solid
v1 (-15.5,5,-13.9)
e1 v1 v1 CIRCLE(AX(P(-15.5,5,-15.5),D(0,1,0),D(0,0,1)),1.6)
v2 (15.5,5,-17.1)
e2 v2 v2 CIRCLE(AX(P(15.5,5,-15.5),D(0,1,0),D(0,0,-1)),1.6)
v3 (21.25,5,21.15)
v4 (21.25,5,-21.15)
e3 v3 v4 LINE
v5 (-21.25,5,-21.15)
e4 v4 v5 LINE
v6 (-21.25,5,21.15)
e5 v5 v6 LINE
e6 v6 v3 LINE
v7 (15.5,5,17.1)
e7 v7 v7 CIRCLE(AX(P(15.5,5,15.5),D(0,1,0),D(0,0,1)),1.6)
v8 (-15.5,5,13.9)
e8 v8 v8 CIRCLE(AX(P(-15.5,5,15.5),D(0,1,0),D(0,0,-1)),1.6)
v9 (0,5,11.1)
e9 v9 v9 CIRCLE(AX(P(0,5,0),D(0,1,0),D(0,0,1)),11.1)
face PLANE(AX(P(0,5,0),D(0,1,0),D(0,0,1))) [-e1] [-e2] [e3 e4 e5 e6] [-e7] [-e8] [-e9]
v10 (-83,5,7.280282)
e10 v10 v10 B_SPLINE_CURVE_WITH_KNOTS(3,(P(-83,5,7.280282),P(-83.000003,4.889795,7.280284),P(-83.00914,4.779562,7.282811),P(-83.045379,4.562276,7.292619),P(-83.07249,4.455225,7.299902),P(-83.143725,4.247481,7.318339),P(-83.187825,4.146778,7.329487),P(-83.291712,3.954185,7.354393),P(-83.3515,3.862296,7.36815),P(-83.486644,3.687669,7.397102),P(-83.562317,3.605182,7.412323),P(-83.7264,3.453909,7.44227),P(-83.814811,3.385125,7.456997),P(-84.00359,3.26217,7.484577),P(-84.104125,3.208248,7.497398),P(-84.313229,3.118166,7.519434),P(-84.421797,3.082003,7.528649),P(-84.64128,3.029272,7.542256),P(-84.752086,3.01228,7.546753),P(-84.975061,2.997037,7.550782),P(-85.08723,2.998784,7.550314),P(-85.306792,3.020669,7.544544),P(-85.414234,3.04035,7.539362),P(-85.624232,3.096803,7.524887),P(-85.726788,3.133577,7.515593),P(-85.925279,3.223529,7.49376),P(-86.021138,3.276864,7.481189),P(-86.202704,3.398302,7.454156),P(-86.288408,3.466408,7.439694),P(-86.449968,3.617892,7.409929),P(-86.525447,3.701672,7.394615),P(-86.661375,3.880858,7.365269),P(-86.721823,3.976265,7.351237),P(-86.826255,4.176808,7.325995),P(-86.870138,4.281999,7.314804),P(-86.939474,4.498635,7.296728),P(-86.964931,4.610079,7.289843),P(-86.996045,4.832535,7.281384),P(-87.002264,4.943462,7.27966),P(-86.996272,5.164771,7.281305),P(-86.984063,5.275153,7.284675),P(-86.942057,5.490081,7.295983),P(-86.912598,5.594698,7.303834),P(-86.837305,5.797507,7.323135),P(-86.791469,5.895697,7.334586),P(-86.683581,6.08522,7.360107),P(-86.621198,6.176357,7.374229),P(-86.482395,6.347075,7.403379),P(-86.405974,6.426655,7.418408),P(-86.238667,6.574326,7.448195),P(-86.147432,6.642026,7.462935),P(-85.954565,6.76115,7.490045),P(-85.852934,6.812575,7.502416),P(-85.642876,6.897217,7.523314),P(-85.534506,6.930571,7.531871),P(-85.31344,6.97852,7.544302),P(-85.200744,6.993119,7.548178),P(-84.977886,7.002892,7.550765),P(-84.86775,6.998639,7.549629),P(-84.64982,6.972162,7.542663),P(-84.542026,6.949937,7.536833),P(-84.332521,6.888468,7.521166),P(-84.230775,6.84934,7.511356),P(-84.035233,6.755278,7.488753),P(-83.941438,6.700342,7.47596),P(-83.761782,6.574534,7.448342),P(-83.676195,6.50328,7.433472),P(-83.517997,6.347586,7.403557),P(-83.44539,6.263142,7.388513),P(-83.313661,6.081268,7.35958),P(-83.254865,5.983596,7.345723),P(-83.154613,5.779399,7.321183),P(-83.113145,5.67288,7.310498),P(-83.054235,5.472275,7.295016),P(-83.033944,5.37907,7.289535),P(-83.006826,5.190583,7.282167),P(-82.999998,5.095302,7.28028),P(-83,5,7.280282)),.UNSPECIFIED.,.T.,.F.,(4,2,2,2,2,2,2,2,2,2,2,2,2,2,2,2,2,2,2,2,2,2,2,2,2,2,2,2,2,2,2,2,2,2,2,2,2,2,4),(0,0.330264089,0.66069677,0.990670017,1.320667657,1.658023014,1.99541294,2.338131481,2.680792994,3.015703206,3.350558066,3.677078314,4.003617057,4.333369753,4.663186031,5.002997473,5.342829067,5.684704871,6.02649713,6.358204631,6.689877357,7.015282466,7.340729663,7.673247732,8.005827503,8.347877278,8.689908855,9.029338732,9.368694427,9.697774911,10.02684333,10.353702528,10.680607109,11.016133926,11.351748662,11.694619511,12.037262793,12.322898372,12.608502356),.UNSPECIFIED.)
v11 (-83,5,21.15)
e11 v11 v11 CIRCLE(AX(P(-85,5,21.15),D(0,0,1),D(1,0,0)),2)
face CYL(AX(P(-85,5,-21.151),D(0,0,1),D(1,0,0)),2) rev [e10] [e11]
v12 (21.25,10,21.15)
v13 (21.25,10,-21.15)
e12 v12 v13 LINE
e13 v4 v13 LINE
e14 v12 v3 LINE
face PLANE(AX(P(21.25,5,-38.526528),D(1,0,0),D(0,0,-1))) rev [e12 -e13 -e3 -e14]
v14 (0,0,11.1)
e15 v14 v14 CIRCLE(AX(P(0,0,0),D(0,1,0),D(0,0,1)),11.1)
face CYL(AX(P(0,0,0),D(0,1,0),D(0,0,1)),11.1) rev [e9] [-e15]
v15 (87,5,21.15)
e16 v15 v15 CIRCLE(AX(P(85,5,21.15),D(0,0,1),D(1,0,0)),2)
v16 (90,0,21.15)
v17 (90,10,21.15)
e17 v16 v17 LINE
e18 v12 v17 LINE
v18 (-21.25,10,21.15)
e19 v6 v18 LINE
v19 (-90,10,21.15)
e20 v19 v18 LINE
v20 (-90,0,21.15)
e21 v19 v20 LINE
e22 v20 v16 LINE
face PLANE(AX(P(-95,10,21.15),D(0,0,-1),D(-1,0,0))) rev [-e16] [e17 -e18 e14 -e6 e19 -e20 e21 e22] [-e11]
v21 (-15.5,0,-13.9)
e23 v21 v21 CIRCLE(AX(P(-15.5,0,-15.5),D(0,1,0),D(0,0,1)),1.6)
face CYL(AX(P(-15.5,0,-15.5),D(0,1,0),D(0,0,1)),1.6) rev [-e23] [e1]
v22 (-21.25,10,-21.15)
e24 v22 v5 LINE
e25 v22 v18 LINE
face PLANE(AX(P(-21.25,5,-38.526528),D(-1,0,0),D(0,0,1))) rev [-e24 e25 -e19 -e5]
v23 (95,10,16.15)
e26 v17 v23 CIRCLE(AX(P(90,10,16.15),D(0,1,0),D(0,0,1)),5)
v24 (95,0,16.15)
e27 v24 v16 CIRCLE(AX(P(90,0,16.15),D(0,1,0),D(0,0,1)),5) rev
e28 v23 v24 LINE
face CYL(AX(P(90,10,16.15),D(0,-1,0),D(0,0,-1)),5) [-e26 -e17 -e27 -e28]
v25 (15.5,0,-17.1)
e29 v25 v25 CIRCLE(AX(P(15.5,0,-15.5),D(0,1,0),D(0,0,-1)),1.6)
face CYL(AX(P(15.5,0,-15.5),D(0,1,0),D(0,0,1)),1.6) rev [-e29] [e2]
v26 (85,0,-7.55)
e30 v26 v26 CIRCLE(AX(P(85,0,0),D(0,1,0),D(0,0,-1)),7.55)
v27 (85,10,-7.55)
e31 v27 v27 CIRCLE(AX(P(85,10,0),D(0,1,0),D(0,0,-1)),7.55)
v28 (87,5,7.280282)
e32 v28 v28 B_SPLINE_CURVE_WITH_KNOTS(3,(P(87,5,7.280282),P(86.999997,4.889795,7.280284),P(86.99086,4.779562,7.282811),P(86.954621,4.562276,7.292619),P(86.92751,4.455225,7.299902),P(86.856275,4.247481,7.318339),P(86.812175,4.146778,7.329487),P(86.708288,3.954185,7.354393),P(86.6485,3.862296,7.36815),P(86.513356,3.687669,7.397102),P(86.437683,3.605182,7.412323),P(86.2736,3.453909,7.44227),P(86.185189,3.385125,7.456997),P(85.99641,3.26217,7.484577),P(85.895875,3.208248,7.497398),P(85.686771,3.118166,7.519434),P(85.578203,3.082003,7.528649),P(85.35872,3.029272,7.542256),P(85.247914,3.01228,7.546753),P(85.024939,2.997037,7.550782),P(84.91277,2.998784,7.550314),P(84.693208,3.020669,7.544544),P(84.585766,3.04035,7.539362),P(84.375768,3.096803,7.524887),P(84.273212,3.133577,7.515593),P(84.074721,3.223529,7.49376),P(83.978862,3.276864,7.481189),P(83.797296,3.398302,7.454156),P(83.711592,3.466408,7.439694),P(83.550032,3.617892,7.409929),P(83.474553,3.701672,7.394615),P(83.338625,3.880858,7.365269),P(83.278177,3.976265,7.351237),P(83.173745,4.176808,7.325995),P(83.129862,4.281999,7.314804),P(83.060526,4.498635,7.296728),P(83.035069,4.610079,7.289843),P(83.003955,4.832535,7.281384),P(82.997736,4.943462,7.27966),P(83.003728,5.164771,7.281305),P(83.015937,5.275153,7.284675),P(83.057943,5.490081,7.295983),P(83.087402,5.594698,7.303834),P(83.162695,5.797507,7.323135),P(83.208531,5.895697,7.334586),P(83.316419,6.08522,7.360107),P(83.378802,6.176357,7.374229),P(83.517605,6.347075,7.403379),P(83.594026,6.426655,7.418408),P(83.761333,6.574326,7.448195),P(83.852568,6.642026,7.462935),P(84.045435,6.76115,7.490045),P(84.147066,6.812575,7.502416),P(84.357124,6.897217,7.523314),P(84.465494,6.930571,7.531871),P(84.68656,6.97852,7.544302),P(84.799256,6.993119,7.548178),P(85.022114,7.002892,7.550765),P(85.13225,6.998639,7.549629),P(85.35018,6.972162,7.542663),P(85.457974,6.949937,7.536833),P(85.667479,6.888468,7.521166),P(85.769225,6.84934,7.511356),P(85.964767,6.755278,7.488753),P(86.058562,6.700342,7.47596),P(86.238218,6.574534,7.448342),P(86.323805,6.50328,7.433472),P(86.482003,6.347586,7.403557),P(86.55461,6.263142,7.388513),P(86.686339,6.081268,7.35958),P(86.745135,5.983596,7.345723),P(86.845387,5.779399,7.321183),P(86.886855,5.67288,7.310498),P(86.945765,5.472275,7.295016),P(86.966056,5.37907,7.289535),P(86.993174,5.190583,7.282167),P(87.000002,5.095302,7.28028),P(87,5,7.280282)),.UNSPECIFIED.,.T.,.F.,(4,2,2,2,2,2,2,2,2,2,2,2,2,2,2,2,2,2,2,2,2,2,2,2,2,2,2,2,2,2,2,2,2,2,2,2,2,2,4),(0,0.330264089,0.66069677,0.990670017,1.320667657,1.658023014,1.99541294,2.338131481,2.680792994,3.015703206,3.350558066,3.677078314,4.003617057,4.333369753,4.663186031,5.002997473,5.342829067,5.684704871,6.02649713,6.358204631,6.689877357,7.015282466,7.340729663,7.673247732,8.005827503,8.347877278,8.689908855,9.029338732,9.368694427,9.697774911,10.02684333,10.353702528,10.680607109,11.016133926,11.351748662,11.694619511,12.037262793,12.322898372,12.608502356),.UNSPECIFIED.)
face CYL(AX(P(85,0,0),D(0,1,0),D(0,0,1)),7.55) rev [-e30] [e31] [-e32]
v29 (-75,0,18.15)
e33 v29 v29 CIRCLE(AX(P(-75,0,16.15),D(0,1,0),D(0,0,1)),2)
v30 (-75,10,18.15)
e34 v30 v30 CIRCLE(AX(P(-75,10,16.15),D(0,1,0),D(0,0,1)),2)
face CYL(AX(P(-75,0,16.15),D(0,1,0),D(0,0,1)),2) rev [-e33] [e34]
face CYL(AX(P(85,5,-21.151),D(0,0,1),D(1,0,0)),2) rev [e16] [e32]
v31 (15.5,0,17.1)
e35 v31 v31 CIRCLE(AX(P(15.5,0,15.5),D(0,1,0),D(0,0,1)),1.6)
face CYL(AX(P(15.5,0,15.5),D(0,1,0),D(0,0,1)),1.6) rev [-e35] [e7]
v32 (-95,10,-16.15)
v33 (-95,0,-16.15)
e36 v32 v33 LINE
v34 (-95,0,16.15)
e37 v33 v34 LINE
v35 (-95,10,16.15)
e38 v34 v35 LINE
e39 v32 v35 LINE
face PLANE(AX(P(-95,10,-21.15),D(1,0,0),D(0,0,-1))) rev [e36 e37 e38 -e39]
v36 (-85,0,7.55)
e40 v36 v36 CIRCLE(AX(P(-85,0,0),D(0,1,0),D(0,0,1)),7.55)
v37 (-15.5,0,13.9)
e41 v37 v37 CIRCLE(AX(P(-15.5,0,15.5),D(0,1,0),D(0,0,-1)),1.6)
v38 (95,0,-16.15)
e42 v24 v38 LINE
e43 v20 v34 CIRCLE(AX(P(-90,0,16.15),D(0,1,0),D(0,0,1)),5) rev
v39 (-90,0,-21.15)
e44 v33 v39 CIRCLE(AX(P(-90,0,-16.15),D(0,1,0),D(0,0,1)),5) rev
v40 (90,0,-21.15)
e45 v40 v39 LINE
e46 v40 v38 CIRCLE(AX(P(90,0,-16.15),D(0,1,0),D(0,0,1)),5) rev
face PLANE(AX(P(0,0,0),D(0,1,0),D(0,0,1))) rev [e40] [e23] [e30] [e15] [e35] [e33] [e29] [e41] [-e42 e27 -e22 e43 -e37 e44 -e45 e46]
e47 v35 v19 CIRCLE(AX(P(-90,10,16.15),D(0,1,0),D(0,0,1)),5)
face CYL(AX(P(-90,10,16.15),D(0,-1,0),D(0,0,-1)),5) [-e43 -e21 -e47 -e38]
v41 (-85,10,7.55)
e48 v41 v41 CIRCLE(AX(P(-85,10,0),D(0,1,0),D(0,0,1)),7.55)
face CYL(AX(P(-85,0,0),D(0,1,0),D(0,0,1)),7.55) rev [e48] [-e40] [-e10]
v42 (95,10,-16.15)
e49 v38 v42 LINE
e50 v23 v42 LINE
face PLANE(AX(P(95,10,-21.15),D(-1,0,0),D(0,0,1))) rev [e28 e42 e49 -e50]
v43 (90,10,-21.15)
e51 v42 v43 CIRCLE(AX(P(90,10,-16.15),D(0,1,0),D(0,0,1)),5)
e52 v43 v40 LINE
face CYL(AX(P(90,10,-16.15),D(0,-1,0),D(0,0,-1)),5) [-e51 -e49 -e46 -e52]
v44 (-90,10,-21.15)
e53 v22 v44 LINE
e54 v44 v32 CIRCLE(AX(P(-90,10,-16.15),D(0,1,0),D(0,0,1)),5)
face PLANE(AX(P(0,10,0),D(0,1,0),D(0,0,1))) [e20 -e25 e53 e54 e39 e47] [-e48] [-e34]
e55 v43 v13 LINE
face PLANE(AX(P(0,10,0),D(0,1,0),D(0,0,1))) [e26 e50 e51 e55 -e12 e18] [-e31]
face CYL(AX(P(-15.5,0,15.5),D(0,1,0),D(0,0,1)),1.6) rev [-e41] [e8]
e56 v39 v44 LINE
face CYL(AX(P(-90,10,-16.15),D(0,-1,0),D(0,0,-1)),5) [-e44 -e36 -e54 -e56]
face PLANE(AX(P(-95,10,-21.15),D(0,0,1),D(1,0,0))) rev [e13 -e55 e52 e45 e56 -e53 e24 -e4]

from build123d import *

# Parameters (mm, degrees)
SKETCH_1_W          = 190
SKETCH_1_H          = 42.3
EXTRUDE_1_DEPTH     = 10
SKETCH_2_W          = 42.5
SKETCH_2_H          = 77.05305565
CUT_EXTRUDE_1_DEPTH = 5
SKETCH_3_R          = 1.6
SKETCH_3_R_2        = 11.1
CUT_EXTRUDE_2_DEPTH = 6
SKETCH_4_R          = 7.55
CUT_EXTRUDE_3_DEPTH = 11
FILLET_1_R          = 5
CUT_EXTRUDE_4_REACH = 44.3
SKETCH_5_R          = 2
SKETCH_6_R          = 2
CUT_EXTRUDE_5_DEPTH = 11.0000001


with BuildPart() as part:
    # 草图1 → 凸台-拉伸1 (new body)
    with BuildSketch(Plane(origin=(0, 0, 0), x_dir=(1, 0, 0), z_dir=(0, 1, 0))):
        Rectangle(SKETCH_1_W, SKETCH_1_H)
    extrude(amount=EXTRUDE_1_DEPTH)

    # 草图2 → 切除-拉伸1 (cut)
    with BuildSketch(Plane(origin=(0, 10, 0), x_dir=(1, 0, 0), z_dir=(0, 1, 0))):
        Rectangle(SKETCH_2_W, SKETCH_2_H)
    extrude(amount=-CUT_EXTRUDE_1_DEPTH, mode=Mode.SUBTRACT)

    # 草图3 → 切除-拉伸2 (cut, through all)
    with BuildSketch(Plane(origin=(0, 5, 0), x_dir=(1, 0, 0), z_dir=(0, 1, 0))):
        with Locations((-15.5, 15.5)):
            Circle(SKETCH_3_R)
        with Locations((15.5, 15.5)):
            Circle(SKETCH_3_R)
        with Locations((15.5, -15.5)):
            Circle(SKETCH_3_R)
        with Locations((-15.5, -15.5)):
            Circle(SKETCH_3_R)
        Circle(SKETCH_3_R_2)
    extrude(amount=-CUT_EXTRUDE_2_DEPTH, mode=Mode.SUBTRACT)

    # 草图4 → 切除-拉伸3 (cut, through all)
    with BuildSketch(Plane(origin=(0, 10, 0), x_dir=(1, 0, 0), z_dir=(0, 1, 0))):
        with Locations((-85, 0)):
            Circle(SKETCH_4_R)
        with Locations((85, 0)):
            Circle(SKETCH_4_R)
    extrude(amount=-CUT_EXTRUDE_3_DEPTH, mode=Mode.SUBTRACT)

    # 圆角1
    fillet_1_edges = [part.edges().sort_by_distance(p)[0] for p in [
        (95, 5, 21.15),
        (-95, 5, 21.15),
        (-95, 5, -21.15),
        (95, 5, -21.15),
    ]]
    fillet(fillet_1_edges, radius=FILLET_1_R)

    # 草图5 → 切除-拉伸4 (cut, up to next)
    with BuildSketch(Plane.XY.offset(21.15), mode=Mode.PRIVATE) as cut_extrude_4_sk1:
        with Locations((85, 5)):
            Circle(SKETCH_5_R)
    cut_extrude_4_tool1 = extrude(cut_extrude_4_sk1.sketch, amount=-CUT_EXTRUDE_4_REACH, mode=Mode.PRIVATE) & part.part
    add(cut_extrude_4_tool1.solids().sort_by_distance((85, 5, 21.15))[0], mode=Mode.SUBTRACT)
    # 草图5 → 切除-拉伸4 (cut, up to next)
    with BuildSketch(Plane.XY.offset(21.15), mode=Mode.PRIVATE) as cut_extrude_4_sk2:
        with Locations((-85, 5)):
            Circle(SKETCH_5_R)
    cut_extrude_4_tool2 = extrude(cut_extrude_4_sk2.sketch, amount=-CUT_EXTRUDE_4_REACH, mode=Mode.PRIVATE) & part.part
    add(cut_extrude_4_tool2.solids().sort_by_distance((-85, 5, 21.15))[0], mode=Mode.SUBTRACT)

    # 草图6 → 切除-拉伸5 (cut, through all)
    with BuildSketch(Plane(origin=(0, 10, 0), x_dir=(1, 0, 0), z_dir=(0, 1, 0))):
        with Locations((-75, -16.15)):
            Circle(SKETCH_6_R)
    extrude(amount=-CUT_EXTRUDE_5_DEPTH, mode=Mode.SUBTRACT)


solid = part.part
